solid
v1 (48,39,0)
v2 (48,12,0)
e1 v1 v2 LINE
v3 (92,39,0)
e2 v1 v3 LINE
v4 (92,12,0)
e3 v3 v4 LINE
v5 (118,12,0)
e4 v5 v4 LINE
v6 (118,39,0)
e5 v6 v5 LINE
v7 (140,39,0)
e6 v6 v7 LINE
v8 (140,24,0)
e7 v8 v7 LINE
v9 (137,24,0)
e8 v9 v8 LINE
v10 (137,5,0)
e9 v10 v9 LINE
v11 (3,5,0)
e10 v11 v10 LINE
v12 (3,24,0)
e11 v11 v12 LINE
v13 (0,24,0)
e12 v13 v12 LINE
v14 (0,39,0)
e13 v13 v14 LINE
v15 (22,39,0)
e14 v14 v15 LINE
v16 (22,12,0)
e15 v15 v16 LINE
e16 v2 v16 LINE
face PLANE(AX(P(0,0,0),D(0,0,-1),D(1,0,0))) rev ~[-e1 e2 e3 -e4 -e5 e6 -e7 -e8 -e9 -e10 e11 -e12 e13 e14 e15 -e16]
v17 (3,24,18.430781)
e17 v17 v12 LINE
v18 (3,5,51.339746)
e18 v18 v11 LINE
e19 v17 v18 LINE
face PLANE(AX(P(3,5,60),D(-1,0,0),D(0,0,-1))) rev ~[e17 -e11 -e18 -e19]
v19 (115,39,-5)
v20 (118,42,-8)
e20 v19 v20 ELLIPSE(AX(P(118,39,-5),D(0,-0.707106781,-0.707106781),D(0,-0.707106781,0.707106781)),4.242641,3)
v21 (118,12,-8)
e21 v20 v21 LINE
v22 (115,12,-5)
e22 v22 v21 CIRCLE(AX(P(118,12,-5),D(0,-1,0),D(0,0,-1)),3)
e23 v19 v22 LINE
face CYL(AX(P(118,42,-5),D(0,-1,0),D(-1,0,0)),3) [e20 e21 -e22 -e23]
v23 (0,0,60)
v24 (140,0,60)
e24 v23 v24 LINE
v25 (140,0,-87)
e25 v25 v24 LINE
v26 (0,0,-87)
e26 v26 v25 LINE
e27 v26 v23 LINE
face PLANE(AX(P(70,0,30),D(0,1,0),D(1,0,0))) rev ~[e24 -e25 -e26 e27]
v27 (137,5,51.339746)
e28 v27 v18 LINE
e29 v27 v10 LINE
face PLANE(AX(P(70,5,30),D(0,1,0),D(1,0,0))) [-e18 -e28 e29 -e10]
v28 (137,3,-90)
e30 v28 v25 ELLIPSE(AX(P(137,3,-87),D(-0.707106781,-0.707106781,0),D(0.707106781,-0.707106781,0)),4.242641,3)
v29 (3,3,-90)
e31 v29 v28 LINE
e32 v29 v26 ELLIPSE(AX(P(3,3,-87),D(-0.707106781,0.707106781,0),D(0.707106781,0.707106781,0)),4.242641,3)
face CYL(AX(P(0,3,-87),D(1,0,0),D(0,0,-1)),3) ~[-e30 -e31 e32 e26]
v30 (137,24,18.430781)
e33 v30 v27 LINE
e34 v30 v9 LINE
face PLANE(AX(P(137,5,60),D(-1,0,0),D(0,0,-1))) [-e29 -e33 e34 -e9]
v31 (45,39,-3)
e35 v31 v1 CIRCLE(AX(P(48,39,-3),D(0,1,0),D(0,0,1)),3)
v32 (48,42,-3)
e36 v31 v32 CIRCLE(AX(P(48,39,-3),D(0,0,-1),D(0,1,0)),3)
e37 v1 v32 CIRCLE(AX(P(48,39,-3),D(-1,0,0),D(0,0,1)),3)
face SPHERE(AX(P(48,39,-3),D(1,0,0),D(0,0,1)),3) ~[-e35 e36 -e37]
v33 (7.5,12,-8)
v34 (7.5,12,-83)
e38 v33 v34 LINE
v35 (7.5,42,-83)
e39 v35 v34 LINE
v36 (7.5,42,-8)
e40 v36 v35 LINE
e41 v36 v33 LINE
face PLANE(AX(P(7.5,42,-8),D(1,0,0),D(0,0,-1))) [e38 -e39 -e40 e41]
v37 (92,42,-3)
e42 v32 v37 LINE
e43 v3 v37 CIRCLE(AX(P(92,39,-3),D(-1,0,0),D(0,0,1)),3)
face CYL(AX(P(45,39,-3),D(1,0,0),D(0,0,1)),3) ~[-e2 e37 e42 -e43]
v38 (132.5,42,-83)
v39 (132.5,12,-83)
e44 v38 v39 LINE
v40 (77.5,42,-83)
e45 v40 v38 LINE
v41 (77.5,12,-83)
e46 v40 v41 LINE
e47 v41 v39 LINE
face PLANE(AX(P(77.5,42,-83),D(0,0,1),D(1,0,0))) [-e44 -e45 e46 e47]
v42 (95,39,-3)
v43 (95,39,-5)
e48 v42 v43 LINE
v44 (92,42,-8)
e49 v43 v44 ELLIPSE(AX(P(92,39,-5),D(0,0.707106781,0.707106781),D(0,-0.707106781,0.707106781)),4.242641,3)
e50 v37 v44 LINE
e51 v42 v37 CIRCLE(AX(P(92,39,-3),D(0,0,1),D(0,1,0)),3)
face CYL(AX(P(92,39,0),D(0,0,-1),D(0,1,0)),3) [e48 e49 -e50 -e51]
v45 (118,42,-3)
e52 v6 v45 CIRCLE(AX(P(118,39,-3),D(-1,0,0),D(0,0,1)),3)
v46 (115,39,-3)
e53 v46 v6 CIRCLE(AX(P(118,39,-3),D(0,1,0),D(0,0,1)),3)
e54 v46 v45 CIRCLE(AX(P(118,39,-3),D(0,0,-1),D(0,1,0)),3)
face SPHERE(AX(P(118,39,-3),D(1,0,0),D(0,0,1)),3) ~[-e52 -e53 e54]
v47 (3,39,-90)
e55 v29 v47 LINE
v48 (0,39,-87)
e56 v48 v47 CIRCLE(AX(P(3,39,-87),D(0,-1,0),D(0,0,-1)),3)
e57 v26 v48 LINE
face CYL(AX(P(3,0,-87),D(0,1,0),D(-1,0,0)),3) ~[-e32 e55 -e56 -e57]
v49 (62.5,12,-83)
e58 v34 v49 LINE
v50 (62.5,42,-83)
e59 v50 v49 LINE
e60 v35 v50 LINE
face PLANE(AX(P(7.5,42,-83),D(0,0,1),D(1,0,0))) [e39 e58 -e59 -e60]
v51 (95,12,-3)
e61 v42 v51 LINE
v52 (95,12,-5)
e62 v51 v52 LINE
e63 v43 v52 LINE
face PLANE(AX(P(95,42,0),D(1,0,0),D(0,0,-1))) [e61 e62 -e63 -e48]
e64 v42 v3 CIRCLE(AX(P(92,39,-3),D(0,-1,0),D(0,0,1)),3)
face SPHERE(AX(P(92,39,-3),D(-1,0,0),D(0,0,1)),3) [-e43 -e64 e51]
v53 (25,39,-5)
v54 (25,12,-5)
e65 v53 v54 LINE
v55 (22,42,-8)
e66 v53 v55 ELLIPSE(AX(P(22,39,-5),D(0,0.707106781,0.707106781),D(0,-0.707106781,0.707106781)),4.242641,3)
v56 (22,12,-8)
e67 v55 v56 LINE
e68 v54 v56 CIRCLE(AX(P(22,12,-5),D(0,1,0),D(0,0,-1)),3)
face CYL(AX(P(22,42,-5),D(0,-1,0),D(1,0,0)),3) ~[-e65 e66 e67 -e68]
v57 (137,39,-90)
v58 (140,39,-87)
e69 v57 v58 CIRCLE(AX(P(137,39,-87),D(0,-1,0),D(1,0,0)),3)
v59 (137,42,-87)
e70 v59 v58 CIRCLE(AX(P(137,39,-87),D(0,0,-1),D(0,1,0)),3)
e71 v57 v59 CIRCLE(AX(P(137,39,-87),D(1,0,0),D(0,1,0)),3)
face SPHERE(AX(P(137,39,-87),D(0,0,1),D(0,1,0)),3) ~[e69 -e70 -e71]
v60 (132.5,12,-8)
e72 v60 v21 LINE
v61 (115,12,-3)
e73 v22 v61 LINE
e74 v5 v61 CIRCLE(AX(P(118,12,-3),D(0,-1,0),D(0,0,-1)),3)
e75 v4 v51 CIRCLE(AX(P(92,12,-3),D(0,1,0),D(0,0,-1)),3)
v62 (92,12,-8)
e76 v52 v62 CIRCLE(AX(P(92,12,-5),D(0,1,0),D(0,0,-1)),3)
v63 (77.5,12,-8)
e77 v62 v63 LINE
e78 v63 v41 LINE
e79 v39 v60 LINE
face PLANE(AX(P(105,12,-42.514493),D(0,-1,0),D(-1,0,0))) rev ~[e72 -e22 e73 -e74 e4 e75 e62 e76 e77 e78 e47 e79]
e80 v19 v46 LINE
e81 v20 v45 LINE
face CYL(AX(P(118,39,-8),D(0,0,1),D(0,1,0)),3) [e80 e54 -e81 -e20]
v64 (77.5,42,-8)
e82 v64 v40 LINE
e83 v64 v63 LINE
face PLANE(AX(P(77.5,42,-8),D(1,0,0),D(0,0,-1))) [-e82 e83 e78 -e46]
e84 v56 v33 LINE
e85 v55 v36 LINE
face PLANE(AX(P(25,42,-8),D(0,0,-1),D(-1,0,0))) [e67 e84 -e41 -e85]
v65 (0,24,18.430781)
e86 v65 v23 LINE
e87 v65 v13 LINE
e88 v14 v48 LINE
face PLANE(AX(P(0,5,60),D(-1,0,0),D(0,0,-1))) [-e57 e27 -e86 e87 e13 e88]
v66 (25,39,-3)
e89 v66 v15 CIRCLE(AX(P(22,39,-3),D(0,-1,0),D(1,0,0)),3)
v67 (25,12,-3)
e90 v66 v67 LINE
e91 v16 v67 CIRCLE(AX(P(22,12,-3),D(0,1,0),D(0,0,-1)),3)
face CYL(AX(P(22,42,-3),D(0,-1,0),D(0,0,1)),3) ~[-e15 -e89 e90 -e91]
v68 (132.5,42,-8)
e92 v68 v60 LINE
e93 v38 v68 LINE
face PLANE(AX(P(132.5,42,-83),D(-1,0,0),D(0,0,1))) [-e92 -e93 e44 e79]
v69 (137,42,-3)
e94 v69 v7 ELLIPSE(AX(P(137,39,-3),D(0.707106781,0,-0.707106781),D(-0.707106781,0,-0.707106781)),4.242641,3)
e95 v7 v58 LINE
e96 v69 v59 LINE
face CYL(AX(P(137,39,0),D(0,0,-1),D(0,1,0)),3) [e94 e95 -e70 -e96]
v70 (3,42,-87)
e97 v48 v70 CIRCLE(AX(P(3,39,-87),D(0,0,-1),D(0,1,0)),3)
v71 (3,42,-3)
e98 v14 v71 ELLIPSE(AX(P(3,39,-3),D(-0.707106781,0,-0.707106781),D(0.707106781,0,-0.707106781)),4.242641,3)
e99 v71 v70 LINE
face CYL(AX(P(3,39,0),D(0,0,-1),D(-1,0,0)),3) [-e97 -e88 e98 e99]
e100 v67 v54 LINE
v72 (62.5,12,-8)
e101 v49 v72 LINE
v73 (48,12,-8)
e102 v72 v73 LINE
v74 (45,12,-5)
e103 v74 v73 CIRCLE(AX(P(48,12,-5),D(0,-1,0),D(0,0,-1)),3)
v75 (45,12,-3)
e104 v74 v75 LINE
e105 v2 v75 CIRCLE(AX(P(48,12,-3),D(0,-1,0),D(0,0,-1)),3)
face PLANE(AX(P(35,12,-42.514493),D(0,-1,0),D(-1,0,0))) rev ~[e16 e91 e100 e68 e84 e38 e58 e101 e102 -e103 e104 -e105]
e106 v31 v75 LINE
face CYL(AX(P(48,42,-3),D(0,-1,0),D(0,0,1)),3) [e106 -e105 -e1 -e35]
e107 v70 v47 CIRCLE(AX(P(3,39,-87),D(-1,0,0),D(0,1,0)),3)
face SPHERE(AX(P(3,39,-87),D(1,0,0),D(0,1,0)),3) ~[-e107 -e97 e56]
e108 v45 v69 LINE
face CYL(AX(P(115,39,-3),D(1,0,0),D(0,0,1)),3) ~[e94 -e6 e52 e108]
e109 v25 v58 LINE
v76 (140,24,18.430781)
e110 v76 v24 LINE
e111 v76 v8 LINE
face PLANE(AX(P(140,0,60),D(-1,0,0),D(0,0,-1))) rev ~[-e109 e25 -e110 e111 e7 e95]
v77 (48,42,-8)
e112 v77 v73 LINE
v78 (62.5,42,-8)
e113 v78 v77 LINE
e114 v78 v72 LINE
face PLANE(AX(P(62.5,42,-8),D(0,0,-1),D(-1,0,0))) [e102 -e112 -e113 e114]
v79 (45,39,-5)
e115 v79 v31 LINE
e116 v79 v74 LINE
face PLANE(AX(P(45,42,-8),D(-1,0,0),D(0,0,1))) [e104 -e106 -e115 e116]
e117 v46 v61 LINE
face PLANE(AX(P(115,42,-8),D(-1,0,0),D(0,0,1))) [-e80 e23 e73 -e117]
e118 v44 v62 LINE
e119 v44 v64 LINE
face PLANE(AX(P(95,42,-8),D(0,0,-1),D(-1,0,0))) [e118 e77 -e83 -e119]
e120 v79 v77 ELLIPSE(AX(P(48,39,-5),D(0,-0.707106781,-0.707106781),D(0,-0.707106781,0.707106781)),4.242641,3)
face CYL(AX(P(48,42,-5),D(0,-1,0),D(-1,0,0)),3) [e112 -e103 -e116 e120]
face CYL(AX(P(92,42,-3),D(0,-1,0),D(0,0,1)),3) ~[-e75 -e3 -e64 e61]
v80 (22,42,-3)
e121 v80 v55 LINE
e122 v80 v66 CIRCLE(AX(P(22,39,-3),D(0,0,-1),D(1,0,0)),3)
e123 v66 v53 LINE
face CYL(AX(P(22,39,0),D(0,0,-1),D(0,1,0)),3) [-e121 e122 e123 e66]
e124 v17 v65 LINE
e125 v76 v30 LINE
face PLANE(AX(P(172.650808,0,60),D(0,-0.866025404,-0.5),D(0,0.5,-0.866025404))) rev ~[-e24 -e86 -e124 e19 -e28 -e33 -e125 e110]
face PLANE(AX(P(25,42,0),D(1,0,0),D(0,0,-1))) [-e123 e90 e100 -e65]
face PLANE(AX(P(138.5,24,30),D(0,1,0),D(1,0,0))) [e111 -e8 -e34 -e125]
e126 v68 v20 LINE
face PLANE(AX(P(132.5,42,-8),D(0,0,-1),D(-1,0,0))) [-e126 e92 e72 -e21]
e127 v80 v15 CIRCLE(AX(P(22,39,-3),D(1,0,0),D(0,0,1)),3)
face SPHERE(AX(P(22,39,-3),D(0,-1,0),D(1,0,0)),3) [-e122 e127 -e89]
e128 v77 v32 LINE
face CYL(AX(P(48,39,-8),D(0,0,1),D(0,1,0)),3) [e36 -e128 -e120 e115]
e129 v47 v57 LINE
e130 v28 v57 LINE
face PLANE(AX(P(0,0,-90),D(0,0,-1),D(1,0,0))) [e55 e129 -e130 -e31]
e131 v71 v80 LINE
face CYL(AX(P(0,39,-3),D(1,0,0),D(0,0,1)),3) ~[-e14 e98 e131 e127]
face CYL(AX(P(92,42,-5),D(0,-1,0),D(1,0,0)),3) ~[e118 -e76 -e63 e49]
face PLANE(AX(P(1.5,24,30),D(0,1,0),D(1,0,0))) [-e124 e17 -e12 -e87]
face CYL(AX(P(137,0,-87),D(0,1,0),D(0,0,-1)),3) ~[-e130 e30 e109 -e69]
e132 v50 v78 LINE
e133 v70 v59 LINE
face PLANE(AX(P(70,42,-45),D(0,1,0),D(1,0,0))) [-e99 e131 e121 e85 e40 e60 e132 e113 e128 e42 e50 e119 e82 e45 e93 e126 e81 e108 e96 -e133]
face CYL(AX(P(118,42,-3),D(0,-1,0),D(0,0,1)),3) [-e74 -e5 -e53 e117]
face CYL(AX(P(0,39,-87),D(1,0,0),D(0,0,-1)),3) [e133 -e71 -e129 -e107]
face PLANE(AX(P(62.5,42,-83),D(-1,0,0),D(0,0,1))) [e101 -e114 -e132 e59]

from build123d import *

# Parameters (mm, degrees)
SKETCH1_W               = 140
SKETCH1_H               = 90
BOSS_EXTRUDE1_DEPTH     = 42
CUT_EXTRUDE1_DEPTH      = 30
FILLET2_R               = 3
SKETCH3_W               = 140
SKETCH3_H               = 60
BOSS_EXTRUDE2_DEPTH     = 5
SKETCH4_W               = 3
SKETCH4_H               = 60
BOSS_EXTRUDE3_DEPTH     = 19
CUT_EXTRUDE2_DEPTH      = 172.650808329
CUT_EXTRUDE2_DEPTH_BACK = 172.650808329


with BuildPart() as part:
    # Sketch1 → Boss-Extrude1 (new body)
    with BuildSketch(Plane(origin=(0, 0, 0), x_dir=(1, 0, 0), z_dir=(0, 1, 0))):
        with Locations((70, 45)):
            Rectangle(SKETCH1_W, SKETCH1_H)
    extrude(amount=BOSS_EXTRUDE1_DEPTH)

    # Sketch2 → Cut-Extrude1 (cut)
    with BuildSketch(Plane(origin=(0, 42, 0), x_dir=(1, 0, 0), z_dir=(0, 1, 0))):
        Polygon((7.5, 8), (7.5, 83), (62.5, 83), (62.5, 8), (45, 8), (45, 0), (25, 0), (25, 8), align=None)
        Polygon((77.5, 8), (77.5, 83), (132.5, 83), (132.5, 8), (115, 8), (115, 0), (95, 0), (95, 8), align=None)
    extrude(amount=-CUT_EXTRUDE1_DEPTH, mode=Mode.SUBTRACT)

    # Fillet2
    fillet2_edges = [part.edges().sort_by_distance(p)[0] for p in [
        (140, 42, -45),
        (70, 42, 0),
        (127.5, 42, 0),
        (70, 42, -90),
        (25, 27, -8),
        (45, 27, -8),
        (45, 27, 0),
        (25, 27, 0),
        (25, 42, -4),
        (45, 42, -4),
        (95, 27, -8),
        (115, 27, -8),
        (115, 27, 0),
        (95, 27, 0),
        (95, 42, -4),
        (115, 42, -4),
        (0, 42, -45),
        (70, 0, -90),
        (0, 21, -90),
        (140, 21, -90),
        (12.5, 42, 0),
    ]]
    fillet(fillet2_edges, radius=FILLET2_R)

    # Sketch3 → Boss-Extrude2 (add)
    with BuildSketch(Plane(origin=(0, 0, 0), x_dir=(1, 0, 0), z_dir=(0, 1, 0))):
        with Locations((70, -30)):
            Rectangle(SKETCH3_W, SKETCH3_H)
    extrude(amount=BOSS_EXTRUDE2_DEPTH)

    # Sketch4 → Boss-Extrude3 (add)
    with BuildSketch(Plane(origin=(0, 5, 0), x_dir=(1, 0, 0), z_dir=(0, 1, 0))):
        with Locations((1.5, -30)):
            Rectangle(SKETCH4_W, SKETCH4_H)
        with Locations((138.5, -30)):
            Rectangle(SKETCH4_W, SKETCH4_H)
    extrude(amount=BOSS_EXTRUDE3_DEPTH)

    # Sketch5 → Cut-Extrude2 (cut, two sides: drawn at the far end of the back side and taken through both)
    with BuildSketch(Plane.ZY.offset(-CUT_EXTRUDE2_DEPTH_BACK)):
        Polygon((60, 0), (8.038475773, 30), (60, 30), align=None)
    extrude(amount=CUT_EXTRUDE2_DEPTH + CUT_EXTRUDE2_DEPTH_BACK, mode=Mode.SUBTRACT)


solid = part.part
